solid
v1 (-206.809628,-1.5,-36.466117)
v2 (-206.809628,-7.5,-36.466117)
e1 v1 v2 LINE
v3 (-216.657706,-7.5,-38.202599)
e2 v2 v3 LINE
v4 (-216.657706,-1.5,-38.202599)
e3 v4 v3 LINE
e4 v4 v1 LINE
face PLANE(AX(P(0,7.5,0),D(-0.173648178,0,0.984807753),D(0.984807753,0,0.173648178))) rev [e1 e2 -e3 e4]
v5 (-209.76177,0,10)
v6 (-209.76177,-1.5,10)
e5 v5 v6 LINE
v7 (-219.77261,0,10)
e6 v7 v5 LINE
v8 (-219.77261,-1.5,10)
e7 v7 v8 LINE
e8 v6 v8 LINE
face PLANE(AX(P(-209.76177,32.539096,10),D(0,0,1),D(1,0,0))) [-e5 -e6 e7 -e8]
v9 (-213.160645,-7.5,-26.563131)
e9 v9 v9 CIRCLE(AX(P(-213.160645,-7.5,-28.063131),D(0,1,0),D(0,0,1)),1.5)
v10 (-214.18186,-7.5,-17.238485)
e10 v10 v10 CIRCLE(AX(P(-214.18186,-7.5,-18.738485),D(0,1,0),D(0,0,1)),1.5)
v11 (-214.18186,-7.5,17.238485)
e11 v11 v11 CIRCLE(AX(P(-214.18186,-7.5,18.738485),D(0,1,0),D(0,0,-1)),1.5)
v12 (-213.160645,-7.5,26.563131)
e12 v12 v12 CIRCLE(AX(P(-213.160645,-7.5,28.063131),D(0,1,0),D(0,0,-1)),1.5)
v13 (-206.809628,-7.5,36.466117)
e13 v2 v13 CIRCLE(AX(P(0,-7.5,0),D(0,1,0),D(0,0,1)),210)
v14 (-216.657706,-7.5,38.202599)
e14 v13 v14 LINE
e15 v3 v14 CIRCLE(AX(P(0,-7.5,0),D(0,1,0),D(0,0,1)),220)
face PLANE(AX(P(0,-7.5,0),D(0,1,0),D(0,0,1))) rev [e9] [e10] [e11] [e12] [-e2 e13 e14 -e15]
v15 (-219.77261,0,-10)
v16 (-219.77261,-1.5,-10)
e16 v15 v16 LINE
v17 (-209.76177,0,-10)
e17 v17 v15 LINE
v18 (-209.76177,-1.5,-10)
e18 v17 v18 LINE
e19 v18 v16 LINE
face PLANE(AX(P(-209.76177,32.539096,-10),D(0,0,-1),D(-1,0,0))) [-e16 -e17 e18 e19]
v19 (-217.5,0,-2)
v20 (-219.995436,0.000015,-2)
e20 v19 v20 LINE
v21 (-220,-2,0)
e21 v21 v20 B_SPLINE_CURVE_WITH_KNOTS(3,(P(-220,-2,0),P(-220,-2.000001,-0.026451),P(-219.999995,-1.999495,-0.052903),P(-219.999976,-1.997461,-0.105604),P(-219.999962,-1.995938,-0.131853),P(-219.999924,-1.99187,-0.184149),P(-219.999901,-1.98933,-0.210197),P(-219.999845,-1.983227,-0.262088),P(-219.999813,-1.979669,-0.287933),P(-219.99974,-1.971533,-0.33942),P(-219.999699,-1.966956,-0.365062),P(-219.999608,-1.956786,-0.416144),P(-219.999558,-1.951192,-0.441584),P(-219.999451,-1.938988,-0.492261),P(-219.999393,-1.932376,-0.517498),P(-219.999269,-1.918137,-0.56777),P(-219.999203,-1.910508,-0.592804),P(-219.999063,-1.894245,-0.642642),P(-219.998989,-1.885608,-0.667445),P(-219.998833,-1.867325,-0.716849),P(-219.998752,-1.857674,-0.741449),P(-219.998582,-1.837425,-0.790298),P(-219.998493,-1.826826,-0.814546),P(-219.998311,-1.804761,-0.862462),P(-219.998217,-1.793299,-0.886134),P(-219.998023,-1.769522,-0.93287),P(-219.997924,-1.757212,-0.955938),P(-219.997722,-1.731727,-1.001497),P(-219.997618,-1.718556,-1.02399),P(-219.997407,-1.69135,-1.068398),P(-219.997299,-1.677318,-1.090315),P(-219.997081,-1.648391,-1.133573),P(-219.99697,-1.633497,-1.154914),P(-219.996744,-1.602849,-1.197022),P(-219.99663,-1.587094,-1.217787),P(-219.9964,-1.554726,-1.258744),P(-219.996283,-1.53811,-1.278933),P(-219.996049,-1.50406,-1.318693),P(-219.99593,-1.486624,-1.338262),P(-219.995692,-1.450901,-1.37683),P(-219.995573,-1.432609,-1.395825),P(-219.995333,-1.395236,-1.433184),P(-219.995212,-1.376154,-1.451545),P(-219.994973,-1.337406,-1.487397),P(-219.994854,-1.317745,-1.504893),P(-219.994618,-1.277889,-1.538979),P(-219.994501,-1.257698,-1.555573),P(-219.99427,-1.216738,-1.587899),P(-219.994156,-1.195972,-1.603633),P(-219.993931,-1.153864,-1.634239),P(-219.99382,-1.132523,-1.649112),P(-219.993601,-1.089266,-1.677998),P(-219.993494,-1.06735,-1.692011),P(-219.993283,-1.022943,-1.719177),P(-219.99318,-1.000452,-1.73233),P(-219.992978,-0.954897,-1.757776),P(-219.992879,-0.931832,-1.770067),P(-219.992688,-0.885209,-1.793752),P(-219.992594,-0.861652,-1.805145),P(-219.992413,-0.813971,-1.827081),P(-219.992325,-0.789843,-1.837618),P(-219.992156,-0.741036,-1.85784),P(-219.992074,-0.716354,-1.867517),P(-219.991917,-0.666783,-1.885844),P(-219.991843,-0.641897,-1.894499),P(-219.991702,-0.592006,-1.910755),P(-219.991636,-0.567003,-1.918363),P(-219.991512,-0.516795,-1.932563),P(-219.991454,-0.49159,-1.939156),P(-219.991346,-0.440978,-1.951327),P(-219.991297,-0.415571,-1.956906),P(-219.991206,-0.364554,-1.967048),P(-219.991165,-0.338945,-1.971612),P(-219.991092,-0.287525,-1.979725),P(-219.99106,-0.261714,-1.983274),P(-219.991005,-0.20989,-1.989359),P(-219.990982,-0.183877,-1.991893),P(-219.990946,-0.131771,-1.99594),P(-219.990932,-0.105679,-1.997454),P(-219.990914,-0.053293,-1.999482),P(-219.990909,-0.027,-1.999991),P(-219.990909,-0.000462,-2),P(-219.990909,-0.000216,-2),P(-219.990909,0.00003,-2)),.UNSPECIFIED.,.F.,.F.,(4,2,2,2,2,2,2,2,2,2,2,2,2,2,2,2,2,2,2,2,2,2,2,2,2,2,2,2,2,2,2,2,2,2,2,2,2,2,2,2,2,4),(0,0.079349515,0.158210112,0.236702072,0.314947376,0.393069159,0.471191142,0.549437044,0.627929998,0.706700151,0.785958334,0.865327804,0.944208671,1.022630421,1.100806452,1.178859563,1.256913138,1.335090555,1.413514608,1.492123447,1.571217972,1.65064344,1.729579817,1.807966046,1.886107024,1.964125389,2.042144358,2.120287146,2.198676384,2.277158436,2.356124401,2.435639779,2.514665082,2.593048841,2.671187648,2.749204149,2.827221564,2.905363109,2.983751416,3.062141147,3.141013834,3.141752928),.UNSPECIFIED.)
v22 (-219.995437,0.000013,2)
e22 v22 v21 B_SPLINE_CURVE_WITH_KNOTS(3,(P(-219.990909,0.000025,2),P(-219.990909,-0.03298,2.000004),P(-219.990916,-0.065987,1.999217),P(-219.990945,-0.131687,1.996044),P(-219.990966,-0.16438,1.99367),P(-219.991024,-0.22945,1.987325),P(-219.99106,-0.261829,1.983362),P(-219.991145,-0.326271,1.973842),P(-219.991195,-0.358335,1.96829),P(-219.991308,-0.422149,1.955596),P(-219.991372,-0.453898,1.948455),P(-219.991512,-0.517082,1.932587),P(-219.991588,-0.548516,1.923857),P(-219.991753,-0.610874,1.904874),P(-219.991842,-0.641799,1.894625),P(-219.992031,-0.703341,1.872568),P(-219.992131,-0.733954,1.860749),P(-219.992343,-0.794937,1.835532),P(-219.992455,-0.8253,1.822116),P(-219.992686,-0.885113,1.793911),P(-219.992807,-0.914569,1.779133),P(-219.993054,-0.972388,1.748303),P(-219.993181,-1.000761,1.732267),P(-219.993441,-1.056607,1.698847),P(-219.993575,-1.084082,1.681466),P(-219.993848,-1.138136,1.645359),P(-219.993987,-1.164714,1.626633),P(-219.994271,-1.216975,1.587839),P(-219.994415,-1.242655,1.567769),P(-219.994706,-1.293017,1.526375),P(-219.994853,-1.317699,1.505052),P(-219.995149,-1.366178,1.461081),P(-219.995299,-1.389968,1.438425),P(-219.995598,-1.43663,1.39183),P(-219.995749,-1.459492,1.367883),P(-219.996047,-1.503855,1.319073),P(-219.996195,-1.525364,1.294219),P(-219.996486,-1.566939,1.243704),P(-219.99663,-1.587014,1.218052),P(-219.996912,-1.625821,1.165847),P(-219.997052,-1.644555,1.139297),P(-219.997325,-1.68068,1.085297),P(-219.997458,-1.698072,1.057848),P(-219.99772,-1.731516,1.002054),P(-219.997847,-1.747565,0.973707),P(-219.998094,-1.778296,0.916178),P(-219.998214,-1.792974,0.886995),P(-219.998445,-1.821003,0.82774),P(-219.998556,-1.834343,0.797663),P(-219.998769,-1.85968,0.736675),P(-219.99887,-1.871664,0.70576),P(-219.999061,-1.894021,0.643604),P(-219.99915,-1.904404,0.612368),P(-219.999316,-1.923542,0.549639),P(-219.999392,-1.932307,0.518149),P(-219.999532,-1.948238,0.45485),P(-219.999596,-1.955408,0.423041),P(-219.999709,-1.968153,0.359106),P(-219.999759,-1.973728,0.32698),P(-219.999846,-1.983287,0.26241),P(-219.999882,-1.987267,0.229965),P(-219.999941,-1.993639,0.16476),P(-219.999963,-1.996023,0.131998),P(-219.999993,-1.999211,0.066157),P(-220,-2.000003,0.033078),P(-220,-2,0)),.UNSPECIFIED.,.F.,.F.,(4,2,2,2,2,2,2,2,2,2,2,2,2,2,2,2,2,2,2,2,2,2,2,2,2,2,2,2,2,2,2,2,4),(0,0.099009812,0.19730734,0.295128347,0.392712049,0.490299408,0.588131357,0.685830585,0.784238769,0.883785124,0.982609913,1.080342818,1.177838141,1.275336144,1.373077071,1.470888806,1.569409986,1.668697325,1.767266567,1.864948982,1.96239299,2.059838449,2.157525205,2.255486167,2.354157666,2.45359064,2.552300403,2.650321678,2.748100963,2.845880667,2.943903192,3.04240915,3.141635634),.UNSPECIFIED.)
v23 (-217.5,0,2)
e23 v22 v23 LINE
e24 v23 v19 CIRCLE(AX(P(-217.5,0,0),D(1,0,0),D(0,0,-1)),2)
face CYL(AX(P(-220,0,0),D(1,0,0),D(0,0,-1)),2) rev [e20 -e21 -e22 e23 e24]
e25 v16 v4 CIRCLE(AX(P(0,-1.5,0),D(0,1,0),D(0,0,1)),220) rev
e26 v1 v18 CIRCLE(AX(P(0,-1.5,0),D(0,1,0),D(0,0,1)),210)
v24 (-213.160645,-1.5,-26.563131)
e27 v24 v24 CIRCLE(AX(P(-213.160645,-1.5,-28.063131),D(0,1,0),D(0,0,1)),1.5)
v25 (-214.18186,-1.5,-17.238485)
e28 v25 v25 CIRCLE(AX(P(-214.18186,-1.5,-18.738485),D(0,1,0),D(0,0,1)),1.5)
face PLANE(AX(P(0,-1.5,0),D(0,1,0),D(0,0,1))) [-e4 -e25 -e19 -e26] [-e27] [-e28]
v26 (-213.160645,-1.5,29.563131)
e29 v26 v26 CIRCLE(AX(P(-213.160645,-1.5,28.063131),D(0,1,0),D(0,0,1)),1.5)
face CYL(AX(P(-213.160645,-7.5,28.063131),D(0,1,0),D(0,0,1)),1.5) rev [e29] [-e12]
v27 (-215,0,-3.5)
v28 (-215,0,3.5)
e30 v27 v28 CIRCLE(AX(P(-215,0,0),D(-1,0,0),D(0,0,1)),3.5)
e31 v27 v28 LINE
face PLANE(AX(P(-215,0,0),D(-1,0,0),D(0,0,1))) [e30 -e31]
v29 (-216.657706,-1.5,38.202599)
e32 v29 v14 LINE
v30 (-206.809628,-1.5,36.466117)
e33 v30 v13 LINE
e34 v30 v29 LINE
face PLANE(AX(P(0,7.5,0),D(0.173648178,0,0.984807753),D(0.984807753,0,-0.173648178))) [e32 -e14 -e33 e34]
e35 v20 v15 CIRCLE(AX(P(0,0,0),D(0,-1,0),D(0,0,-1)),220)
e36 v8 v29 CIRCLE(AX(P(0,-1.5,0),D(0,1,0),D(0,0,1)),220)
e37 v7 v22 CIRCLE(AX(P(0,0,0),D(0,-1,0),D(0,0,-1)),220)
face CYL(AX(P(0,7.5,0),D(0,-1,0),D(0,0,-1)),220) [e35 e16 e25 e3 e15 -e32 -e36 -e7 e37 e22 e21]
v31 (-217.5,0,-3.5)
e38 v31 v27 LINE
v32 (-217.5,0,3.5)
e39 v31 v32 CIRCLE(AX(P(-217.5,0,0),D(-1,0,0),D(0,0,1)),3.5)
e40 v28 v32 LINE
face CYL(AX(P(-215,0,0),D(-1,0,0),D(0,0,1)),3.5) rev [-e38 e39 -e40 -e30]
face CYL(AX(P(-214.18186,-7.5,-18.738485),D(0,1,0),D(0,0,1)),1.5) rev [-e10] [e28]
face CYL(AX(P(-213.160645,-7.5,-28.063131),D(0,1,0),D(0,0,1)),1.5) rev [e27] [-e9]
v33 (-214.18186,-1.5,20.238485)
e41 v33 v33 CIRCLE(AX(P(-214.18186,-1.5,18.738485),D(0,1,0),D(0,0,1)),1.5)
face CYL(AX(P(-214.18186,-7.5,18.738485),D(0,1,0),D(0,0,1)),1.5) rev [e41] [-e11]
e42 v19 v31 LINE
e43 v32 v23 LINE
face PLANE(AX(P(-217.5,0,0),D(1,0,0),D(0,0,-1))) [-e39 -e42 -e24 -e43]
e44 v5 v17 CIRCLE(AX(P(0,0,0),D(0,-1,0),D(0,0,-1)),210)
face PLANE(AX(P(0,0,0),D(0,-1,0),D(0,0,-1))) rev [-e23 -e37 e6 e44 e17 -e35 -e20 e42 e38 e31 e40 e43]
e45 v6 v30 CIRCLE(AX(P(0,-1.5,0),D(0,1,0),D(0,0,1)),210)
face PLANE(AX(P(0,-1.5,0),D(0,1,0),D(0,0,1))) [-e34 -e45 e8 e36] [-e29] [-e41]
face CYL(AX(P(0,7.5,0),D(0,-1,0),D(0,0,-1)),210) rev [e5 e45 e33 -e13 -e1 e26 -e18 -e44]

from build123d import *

# Parameters (mm, degrees)
BASE2_DEPTH            = 7.5
MOUNT2_START           = -1.5
MOUNT2_DEPTH           = 3
MOUNT_HOLE2_DEPTH      = 224.418192135
MOUNT_HOLE2_DEPTH_BACK = 224.418192135
SKETCH16_R             = 1.5
SKETCH18_W             = 2.5
SKETCH18_H             = 3.5
SKETCH19_R             = 2
SHAFTHOLE_DEPTH        = 40.784051683
SKETCH20_W             = 20
SKETCH20_H             = 76.405198174
CUT_EXTRUDE10_DEPTH    = 10


with BuildPart() as part:
    # Sketch13 → base2 (new, symmetric)
    with BuildSketch(Plane(origin=(0, 0, 0), x_dir=(1, 0, 0), z_dir=(0, 1, 0))):
        with BuildLine():
            ThreePointArc((-209.761769634, 10), (-208.70564487, 23.279901188), (-206.809628133, 36.46611731))
            Line((-206.809628133, 36.46611731), (-216.657705663, 38.202599087))
            ThreePointArc((-216.657705663, 38.202599087), (-218.670303662, 24.151569236), (-219.772609758, 10))
            Line((-219.772609758, 10), (-209.761769634, 10))
        make_face()
        with BuildLine():
            ThreePointArc((-209.761769634, -10), (-210, 0), (-209.761769634, 10))
            Line((-209.761769634, 10), (-219.772609758, 10))
            ThreePointArc((-219.772609758, 10), (-220, 0), (-219.772609758, -10))
            Line((-219.772609758, -10), (-209.761769634, -10))
        make_face()
        with BuildLine():
            Line((-216.657705663, -38.202599087), (-206.809628133, -36.46611731))
            ThreePointArc((-206.809628133, -36.46611731), (-208.70564487, -23.279901188), (-209.761769634, -10))
            Line((-209.761769634, -10), (-219.772609758, -10))
            ThreePointArc((-219.772609758, -10), (-218.670303662, -24.151569236), (-216.657705663, -38.202599087))
        make_face()
    extrude(amount=BASE2_DEPTH, both=True)

    # Sketch14 → mount2 (cut)
    with BuildSketch(Plane(origin=(0, 0, 0), x_dir=(1, 0, 0), z_dir=(0, 1, 0)).offset(MOUNT2_START)):
        with BuildLine():
            Line((-209.761769634, -10), (-219.772609758, -10))
            ThreePointArc((-219.772609758, -10), (-218.670303662, -24.151569236), (-216.657705663, -38.202599087))
            Line((-216.657705663, -38.202599087), (-206.809628133, -36.46611731))
            ThreePointArc((-206.809628133, -36.46611731), (-208.70564487, -23.279901188), (-209.761769634, -10))
        make_face()
        with BuildLine():
            Line((-209.761769634, 10), (-219.772609758, 10))
            ThreePointArc((-219.772609758, 10), (-218.670303662, 24.151569236), (-216.657705663, 38.202599087))
            Line((-216.657705663, 38.202599087), (-206.809628133, 36.46611731))
            ThreePointArc((-206.809628133, 36.46611731), (-208.70564487, 23.279901188), (-209.761769634, 10))
        make_face()
    extrude(amount=MOUNT2_DEPTH, mode=Mode.SUBTRACT)

    # Sketch16 → mount hole2 (cut, two sides: drawn at the far end of the back side and taken through both)
    with BuildSketch(Plane(origin=(0, 0, 0), x_dir=(1, 0, 0), z_dir=(0, 1, 0)).offset(-MOUNT_HOLE2_DEPTH_BACK)):
        with Locations(Location((-213.160645195, 28.063131327, 0), (0, 0, 270))):
            Circle(SKETCH16_R)
        with Locations(Location((-214.18186009, 18.738484691, 0), (0, 0, 270))):
            Circle(SKETCH16_R)
        with Locations(Location((-214.18186009, -18.738484691, 0), (0, 0, 270))):
            Circle(SKETCH16_R)
        with Locations(Location((-213.160645195, -28.063131327, 0), (0, 0, 270))):
            Circle(SKETCH16_R)
    extrude(amount=MOUNT_HOLE2_DEPTH + MOUNT_HOLE2_DEPTH_BACK, mode=Mode.SUBTRACT)

    # Sketch18 → bearing (revolve, cut)
    with BuildSketch(Plane(origin=(0, 0, 0), x_dir=(1, 0, 0), z_dir=(0, 1, 0)), mode=Mode.PRIVATE) as bearing_sk:
        with Locations((-216.25, 1.75)):
            Rectangle(SKETCH18_W, SKETCH18_H)
    revolve(bearing_sk.sketch.rotate(Axis((-215, 0, 0), (-1, 0, 0)), 180), axis=Axis((-215, 0, 0), (-1, 0, 0)), mode=Mode.SUBTRACT)

    # Sketch19 → shafthole (cut, through all)
    with BuildSketch(Plane(origin=(-215, 0, 0), x_dir=(0, 0, -1), z_dir=(1, 0, 0))):
        Circle(SKETCH19_R)
    extrude(amount=-SHAFTHOLE_DEPTH, mode=Mode.SUBTRACT)

    # Sketch20 → Cut-Extrude10 (cut)
    with BuildSketch(Plane(origin=(0, 0, 0), x_dir=(1, 0, 0), z_dir=(0, 1, 0))):
        with Locations((-210, 0)):
            Rectangle(SKETCH20_W, SKETCH20_H)
    extrude(amount=CUT_EXTRUDE10_DEPTH, mode=Mode.SUBTRACT)


solid = part.part
